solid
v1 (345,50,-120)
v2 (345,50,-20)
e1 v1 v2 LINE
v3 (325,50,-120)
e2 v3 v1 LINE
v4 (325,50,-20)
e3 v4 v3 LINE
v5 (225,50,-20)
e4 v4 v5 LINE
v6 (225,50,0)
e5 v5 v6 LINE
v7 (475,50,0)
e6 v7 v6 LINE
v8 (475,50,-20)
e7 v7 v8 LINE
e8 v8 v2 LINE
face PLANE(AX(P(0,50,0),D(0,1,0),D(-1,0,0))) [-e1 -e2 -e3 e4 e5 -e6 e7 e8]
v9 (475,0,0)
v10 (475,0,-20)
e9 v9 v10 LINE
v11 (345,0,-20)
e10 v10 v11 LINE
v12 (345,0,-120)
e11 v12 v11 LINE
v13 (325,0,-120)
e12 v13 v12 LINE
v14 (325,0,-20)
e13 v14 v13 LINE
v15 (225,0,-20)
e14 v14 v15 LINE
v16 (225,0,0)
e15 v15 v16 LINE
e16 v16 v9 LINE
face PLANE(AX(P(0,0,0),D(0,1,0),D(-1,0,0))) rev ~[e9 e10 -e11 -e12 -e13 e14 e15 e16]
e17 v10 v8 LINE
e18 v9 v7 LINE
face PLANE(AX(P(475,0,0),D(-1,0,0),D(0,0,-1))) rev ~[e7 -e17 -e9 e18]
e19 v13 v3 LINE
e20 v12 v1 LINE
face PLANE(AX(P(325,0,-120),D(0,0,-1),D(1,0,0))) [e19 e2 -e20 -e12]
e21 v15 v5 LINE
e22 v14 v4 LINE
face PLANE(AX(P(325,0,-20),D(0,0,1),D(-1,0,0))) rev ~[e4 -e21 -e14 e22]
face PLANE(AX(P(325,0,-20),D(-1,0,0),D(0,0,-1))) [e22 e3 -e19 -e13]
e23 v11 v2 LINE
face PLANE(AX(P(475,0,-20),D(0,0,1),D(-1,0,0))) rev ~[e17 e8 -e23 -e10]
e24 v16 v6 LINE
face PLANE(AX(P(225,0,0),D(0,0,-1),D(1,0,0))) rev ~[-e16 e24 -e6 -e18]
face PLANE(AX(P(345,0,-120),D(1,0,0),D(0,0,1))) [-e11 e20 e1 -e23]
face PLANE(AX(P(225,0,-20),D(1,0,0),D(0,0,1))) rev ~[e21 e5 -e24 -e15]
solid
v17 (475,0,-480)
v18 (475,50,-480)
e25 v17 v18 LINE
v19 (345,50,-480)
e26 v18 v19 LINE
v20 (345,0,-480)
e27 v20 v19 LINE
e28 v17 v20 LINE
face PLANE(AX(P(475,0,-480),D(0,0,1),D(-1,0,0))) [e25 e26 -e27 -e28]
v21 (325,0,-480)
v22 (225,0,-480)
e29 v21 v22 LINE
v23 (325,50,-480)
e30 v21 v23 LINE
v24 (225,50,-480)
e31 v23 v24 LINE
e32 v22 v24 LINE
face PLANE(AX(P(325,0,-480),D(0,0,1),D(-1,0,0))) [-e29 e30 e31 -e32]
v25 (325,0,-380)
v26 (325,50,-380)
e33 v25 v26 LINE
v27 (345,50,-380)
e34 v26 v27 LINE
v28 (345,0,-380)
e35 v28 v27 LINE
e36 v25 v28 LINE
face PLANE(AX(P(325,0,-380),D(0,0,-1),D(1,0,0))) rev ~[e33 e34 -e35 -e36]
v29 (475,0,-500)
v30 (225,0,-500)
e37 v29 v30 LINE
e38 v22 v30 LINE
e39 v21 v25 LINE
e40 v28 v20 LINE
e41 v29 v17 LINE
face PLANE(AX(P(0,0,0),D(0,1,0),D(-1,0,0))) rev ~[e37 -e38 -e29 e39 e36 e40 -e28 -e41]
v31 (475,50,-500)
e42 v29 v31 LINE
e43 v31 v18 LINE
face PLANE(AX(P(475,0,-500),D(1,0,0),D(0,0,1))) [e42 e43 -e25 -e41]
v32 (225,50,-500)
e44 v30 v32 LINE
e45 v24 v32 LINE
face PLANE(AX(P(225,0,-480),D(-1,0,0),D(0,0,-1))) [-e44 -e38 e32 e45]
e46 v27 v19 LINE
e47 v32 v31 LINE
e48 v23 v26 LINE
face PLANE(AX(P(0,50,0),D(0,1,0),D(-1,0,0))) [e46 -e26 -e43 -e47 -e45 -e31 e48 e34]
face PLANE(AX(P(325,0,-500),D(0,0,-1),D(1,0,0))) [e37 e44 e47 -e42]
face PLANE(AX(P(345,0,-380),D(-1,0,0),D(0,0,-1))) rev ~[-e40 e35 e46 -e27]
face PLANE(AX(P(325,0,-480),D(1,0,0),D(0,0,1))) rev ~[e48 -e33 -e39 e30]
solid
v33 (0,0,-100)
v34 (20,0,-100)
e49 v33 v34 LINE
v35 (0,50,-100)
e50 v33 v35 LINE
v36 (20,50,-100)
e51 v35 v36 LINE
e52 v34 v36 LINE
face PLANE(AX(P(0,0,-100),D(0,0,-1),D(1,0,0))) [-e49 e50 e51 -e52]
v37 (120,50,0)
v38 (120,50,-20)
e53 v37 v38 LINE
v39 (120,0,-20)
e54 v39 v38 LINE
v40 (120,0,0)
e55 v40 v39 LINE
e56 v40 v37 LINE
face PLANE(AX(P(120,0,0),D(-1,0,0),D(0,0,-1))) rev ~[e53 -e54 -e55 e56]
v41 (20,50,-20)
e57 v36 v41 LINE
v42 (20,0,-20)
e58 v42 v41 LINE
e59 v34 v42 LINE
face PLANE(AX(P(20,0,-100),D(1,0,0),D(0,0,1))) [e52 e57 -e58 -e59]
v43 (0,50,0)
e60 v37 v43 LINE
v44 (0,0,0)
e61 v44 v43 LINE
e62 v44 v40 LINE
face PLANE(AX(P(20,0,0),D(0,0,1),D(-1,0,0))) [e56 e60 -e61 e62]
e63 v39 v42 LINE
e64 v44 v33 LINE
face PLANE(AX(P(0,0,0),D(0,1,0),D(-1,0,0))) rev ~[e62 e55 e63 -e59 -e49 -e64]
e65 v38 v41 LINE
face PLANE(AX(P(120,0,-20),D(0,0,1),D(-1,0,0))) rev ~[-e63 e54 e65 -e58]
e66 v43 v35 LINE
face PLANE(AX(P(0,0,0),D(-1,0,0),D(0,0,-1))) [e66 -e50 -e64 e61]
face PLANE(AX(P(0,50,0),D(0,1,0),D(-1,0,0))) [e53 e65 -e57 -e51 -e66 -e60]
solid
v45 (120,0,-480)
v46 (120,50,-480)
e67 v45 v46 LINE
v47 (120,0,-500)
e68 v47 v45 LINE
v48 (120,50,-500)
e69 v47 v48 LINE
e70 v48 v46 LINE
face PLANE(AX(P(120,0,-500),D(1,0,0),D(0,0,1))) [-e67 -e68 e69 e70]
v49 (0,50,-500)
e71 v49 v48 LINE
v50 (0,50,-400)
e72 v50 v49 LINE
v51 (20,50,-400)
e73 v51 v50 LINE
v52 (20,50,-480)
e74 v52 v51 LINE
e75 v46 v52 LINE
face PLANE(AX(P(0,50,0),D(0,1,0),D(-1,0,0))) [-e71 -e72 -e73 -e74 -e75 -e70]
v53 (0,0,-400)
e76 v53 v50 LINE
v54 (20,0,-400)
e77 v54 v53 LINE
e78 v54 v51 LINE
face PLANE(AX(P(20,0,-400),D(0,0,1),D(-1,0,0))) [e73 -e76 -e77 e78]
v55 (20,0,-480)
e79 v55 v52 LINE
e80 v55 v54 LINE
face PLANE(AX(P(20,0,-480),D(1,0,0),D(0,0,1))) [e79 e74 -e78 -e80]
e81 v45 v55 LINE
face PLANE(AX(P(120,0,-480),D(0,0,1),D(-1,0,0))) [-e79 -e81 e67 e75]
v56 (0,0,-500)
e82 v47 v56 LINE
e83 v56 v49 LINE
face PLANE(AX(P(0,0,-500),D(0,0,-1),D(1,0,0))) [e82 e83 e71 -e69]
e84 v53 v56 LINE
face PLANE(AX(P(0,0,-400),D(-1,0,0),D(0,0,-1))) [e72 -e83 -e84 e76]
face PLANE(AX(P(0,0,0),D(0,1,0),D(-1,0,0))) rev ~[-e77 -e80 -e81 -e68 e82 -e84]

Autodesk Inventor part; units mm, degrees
ref_plane "YZ Plane" through (0, 0, 0) normal (1, 0, 0) x (0, 1, 0)
ref_plane "XZ Plane" through (0, 0, 0) normal (0, 1, 0) x (-1, 0, 0)
ref_plane "XY Plane" through (0, 0, 0) normal (0, 0, 1) x (1, 0, 0)
sketch "Boceto1" plane through (0, 0, 0) normal (0, 1, 0) x (-1, 0, 0)
  line L0 (0, -500) -> (-20, -500)
  line L1 (-20, -500) -> (-20, -400)
  line L2 (-20, -400) -> (0, -400)
  line L3 (0, 0) -> (0, -100)
  line L4 (0, -100) -> (-20, -100)
  line L5 (-20, -100) -> (-20, 0)
  line L6 (-20, 0) -> (0, 0)
  line L7 (-20, 0) -> (-120, 0)
  line L8 (-120, 0) -> (-120, -20)
  line L9 (-120, -20) -> (-20, -20)
  line L10 (-20, -500) -> (-120, -500)
  line L11 (-120, -500) -> (-120, -480)
  line L12 (-120, -480) -> (-20, -480)
  line L13 (-325, 0) -> (-345, 0)
  line L14 (-325, -500) -> (-345, -500)
  line L15 (-325, -480) -> (-225, -480)
  line L16 (-225, -480) -> (-225, -500)
  line L17 (-225, -500) -> (-475, -500)
  line L18 (-475, -500) -> (-475, -480)
  line L19 (-475, -480) -> (-225, -480)
  line L20 (-325, -20) -> (-225, -20)
  line L21 (-225, -20) -> (-225, 0)
  line L22 (-225, 0) -> (-475, 0)
  line L23 (-475, 0) -> (-475, -20)
  line L24 (-475, -20) -> (-225, -20)
  line L25 (-325, -20) -> (-325, -120)
  line L26 (-325, -120) -> (-345, -120)
  line L27 (-345, -120) -> (-345, -20)
  line L28 (0, 0) -> (0, -100)
  line L29 (0, -400) -> (0, -500)
  line L30 (-325, -480) -> (-325, -380)
  line L31 (-325, -380) -> (-345, -380)
  line L32 (-345, -380) -> (-345, -480)
  line L33 (-325, -480) -> (-345, -480)
  dimension "d64" = 100
  dimension "d65" = 20
extrude "Extrusión6" add sketch "Boceto1" along normal blind 50
sketch "Boceto8" plane through (0, 50, 0) normal (0, 1, 0) x (1, 0, 0)
  line L0 (120, 20) -> (20, 20) projected
  line L1 (20, 0) -> (20, 20)
  line L2 (20, 480) -> (120, 480) projected
  line L3 (20, 480) -> (20, 500)
  line L4 (225, 480) -> (325, 480) projected
  line L5 (325, 480) -> (346, 480)
  line L6 (325, 20) -> (346, 20)
  point P0 (0, 0)
properties part number "Estructura base" material "Madera (abedul)"
